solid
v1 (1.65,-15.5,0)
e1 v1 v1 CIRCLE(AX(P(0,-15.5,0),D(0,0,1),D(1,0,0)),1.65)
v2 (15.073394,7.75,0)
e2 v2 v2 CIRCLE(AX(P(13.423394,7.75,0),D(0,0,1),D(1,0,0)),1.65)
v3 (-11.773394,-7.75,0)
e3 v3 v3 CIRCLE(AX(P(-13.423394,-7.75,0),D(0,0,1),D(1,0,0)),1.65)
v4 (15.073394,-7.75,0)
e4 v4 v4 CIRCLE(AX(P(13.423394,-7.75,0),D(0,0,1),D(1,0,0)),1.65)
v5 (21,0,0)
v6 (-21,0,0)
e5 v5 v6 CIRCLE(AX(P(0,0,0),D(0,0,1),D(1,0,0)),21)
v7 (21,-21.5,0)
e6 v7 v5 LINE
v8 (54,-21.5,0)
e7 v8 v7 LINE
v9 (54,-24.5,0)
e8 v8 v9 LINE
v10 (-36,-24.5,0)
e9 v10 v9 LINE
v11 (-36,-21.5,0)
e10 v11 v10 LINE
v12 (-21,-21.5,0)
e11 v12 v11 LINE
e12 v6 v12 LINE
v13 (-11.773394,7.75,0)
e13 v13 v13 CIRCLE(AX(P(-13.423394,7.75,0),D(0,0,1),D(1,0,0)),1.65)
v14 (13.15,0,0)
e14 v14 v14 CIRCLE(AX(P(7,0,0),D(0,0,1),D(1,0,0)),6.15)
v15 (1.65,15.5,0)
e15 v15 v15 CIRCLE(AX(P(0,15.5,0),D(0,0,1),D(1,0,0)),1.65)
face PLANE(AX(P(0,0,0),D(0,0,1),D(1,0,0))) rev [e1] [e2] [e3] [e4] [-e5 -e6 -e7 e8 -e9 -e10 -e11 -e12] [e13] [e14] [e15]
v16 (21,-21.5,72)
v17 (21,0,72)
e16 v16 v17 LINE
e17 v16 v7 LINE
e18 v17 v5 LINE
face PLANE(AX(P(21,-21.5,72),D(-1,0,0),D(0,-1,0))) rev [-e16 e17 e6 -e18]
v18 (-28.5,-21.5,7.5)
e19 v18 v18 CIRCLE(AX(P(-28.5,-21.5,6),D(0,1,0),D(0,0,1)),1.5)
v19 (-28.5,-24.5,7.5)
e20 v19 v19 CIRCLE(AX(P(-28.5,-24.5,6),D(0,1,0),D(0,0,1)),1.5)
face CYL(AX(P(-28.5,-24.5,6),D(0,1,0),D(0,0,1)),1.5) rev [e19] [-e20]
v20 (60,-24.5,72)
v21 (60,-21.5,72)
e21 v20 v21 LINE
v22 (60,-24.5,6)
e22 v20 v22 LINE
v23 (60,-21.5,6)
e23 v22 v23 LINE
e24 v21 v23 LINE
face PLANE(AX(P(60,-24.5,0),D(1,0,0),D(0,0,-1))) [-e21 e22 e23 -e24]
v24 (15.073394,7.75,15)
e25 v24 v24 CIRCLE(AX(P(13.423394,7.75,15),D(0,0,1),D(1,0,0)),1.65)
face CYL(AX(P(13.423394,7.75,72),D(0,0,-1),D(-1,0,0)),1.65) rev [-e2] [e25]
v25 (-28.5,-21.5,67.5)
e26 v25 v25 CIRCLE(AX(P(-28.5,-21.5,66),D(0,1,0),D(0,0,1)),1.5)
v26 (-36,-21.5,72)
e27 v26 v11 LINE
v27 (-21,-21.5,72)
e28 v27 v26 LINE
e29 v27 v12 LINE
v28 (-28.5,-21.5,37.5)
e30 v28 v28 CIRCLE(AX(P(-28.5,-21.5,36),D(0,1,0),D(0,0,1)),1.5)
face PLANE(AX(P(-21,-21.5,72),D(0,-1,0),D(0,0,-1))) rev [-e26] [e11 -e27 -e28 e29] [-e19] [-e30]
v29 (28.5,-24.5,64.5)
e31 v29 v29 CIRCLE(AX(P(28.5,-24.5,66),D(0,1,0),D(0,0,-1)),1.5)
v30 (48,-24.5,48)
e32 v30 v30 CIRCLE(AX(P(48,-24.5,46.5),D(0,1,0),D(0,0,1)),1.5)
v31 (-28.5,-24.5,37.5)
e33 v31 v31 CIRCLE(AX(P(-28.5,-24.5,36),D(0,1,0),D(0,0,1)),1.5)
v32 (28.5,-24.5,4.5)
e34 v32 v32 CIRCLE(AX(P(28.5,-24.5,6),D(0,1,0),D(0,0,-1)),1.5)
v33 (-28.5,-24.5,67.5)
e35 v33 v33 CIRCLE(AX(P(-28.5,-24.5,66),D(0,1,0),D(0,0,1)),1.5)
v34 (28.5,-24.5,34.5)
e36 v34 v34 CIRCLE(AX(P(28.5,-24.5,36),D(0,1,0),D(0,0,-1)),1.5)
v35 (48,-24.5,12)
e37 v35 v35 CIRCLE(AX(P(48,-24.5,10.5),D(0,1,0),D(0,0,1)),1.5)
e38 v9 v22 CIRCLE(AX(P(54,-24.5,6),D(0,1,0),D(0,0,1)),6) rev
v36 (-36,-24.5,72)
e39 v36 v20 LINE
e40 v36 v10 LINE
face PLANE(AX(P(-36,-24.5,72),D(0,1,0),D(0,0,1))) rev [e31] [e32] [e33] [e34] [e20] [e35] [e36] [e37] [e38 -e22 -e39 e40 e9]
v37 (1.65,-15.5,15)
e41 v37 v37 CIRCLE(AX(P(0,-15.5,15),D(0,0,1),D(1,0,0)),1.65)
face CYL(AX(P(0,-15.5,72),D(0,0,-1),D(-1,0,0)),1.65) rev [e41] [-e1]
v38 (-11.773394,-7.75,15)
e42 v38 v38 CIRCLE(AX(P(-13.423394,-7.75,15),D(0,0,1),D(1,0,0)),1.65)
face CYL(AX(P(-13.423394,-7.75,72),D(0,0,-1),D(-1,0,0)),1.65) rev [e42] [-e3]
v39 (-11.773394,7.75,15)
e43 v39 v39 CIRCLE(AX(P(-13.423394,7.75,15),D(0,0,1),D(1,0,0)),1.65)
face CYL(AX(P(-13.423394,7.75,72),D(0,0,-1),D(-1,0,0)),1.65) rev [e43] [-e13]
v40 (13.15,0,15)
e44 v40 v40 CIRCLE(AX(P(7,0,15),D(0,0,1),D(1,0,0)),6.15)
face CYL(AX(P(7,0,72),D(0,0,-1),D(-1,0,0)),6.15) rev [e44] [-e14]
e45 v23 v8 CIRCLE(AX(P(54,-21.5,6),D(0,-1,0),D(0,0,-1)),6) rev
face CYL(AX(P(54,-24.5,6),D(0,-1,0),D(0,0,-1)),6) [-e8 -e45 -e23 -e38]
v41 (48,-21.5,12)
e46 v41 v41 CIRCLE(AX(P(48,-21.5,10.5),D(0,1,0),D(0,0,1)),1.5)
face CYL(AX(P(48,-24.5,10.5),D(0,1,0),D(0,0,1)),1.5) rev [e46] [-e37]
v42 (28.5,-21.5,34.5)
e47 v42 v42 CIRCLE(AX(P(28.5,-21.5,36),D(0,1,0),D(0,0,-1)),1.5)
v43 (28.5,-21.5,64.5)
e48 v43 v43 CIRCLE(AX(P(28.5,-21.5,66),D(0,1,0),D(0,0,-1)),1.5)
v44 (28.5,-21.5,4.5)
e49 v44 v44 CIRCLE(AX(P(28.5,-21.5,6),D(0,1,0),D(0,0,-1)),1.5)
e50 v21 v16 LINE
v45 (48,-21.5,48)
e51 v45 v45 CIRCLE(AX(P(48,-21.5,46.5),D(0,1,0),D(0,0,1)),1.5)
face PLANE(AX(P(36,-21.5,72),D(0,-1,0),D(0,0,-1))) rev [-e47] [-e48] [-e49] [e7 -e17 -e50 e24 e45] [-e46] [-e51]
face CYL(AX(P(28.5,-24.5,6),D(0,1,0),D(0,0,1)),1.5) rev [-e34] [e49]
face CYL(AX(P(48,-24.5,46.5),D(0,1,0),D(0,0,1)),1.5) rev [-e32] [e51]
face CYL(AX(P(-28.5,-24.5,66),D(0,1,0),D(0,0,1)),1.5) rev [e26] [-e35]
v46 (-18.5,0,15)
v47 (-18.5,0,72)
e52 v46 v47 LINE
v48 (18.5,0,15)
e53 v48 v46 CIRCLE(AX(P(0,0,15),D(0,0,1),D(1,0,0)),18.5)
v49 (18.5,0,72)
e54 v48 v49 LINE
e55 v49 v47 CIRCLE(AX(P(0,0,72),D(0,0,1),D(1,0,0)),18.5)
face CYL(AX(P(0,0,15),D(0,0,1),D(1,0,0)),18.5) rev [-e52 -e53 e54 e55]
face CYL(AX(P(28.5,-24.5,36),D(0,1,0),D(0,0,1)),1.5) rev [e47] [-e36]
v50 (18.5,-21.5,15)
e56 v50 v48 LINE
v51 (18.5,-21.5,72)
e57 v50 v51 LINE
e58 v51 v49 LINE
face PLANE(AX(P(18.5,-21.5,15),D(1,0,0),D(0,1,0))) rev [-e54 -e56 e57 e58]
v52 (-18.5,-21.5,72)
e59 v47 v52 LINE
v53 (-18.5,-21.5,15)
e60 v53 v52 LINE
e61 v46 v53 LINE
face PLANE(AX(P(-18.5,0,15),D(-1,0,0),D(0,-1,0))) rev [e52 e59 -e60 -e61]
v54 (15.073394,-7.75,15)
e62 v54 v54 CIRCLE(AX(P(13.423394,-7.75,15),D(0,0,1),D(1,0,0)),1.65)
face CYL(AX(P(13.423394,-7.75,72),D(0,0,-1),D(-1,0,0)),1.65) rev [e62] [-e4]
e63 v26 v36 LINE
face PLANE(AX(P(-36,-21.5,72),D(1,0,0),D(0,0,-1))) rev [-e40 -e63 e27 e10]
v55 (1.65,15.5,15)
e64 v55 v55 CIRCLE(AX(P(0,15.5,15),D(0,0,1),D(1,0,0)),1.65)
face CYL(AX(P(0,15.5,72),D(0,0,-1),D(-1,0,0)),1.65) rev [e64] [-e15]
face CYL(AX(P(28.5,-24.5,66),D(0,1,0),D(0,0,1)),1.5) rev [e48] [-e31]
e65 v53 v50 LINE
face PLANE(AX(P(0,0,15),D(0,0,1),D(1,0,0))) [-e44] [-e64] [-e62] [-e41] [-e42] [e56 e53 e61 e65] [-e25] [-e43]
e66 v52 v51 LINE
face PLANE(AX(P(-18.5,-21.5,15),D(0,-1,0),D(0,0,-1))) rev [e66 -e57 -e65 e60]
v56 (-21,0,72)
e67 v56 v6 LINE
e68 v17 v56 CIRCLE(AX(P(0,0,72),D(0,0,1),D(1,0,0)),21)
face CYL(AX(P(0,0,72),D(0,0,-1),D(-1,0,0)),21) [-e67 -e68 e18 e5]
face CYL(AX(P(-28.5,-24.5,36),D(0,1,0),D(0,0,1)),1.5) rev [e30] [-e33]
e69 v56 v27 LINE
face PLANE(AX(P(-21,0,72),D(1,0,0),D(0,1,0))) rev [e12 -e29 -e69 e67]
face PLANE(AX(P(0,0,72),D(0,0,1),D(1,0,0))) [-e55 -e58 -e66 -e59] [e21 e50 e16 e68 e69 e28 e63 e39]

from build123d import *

# Parameters (mm, degrees)
SKETCH1_R           = 1.65
SKETCH1_R_2         = 6.15
BOSS_EXTRUDE1_DEPTH = 72
CUT_EXTRUDE1_DEPTH  = 57
SKETCH3_R           = 1.5
CUT_EXTRUDE2_DEPTH  = 92.028841583
SKETCH4_W           = 24
SKETCH4_H           = 72
SKETCH4_R           = 1.5
BOSS_EXTRUDE2_DEPTH = 3
FILLET1_R           = 6


with BuildPart() as part:
    # Sketch1 → Boss-Extrude1 (new body)
    with BuildSketch(Plane.XY):
        with BuildLine():
            Line((-21, 0), (-21, -21.5))
            Line((-21, -21.5), (-36, -21.5))
            Line((-36, -21.5), (-36, -24.5))
            Line((-36, -24.5), (36, -24.5))
            Line((36, -24.5), (36, -21.5))
            Line((36, -21.5), (21, -21.5))
            Line((21, -21.5), (21, 0))
            ThreePointArc((21, 0), (0, 21), (-21, 0))
        make_face()
        with Locations((0, 15.5)):
            Circle(SKETCH1_R, mode=Mode.SUBTRACT)
        with Locations((13.423393759, 7.75)):
            Circle(SKETCH1_R, mode=Mode.SUBTRACT)
        with Locations((13.423393759, -7.75)):
            Circle(SKETCH1_R, mode=Mode.SUBTRACT)
        with Locations((0, -15.5)):
            Circle(SKETCH1_R, mode=Mode.SUBTRACT)
        with Locations((-13.423393759, -7.75)):
            Circle(SKETCH1_R, mode=Mode.SUBTRACT)
        with Locations((-13.423393759, 7.75)):
            Circle(SKETCH1_R, mode=Mode.SUBTRACT)
        with Locations((7, 0)):
            Circle(SKETCH1_R_2, mode=Mode.SUBTRACT)
    extrude(amount=BOSS_EXTRUDE1_DEPTH)

    # Sketch2 → Cut-Extrude1 (cut)
    with BuildSketch(Plane.XY.offset(72)):
        with BuildLine():
            Line((-18.5, 0), (-18.5, -21.5))
            Line((-18.5, -21.5), (18.5, -21.5))
            Line((18.5, -21.5), (18.5, 0))
            ThreePointArc((18.5, 0), (0, 18.5), (-18.5, 0))
        make_face()
    extrude(amount=-CUT_EXTRUDE1_DEPTH, mode=Mode.SUBTRACT)

    # Sketch3 → Cut-Extrude2 (cut, through all)
    with BuildSketch(Plane(origin=(0, -21.5, 0), x_dir=(1, 0, 0), z_dir=(0, 1, 0))):
        with Locations(Location((-28.5, -36, 0), (0, 0, 270))):
            Circle(SKETCH3_R)
        with Locations(Location((-28.5, -6, 0), (0, 0, 270))):
            Circle(SKETCH3_R)
        with Locations(Location((-28.5, -66, 0), (0, 0, 270))):
            Circle(SKETCH3_R)
        with Locations(Location((28.5, -66, 0), (0, 0, 90))):
            Circle(SKETCH3_R)
        with Locations(Location((28.5, -6, 0), (0, 0, 90))):
            Circle(SKETCH3_R)
        with Locations(Location((28.5, -36, 0), (0, 0, 90))):
            Circle(SKETCH3_R)
    extrude(amount=-CUT_EXTRUDE2_DEPTH, mode=Mode.SUBTRACT)

    # Sketch4 → Boss-Extrude2 (add)
    with BuildSketch(Plane(origin=(0, -21.5, 0), x_dir=(1, 0, 0), z_dir=(0, 1, 0))):
        with Locations((48, -36)):
            Rectangle(SKETCH4_W, SKETCH4_H)
        with Locations(Location((48, -10.5, 0), (0, 0, 270))):
            Circle(SKETCH4_R, mode=Mode.SUBTRACT)
        with Locations(Location((48, -46.5, 0), (0, 0, 270))):
            Circle(SKETCH4_R, mode=Mode.SUBTRACT)
    extrude(amount=-BOSS_EXTRUDE2_DEPTH)

    # Fillet1
    fillet1_edges = [part.edges().sort_by_distance(p)[0] for p in [
        (60, -23, 0),
    ]]
    fillet(fillet1_edges, radius=FILLET1_R)


solid = part.part
